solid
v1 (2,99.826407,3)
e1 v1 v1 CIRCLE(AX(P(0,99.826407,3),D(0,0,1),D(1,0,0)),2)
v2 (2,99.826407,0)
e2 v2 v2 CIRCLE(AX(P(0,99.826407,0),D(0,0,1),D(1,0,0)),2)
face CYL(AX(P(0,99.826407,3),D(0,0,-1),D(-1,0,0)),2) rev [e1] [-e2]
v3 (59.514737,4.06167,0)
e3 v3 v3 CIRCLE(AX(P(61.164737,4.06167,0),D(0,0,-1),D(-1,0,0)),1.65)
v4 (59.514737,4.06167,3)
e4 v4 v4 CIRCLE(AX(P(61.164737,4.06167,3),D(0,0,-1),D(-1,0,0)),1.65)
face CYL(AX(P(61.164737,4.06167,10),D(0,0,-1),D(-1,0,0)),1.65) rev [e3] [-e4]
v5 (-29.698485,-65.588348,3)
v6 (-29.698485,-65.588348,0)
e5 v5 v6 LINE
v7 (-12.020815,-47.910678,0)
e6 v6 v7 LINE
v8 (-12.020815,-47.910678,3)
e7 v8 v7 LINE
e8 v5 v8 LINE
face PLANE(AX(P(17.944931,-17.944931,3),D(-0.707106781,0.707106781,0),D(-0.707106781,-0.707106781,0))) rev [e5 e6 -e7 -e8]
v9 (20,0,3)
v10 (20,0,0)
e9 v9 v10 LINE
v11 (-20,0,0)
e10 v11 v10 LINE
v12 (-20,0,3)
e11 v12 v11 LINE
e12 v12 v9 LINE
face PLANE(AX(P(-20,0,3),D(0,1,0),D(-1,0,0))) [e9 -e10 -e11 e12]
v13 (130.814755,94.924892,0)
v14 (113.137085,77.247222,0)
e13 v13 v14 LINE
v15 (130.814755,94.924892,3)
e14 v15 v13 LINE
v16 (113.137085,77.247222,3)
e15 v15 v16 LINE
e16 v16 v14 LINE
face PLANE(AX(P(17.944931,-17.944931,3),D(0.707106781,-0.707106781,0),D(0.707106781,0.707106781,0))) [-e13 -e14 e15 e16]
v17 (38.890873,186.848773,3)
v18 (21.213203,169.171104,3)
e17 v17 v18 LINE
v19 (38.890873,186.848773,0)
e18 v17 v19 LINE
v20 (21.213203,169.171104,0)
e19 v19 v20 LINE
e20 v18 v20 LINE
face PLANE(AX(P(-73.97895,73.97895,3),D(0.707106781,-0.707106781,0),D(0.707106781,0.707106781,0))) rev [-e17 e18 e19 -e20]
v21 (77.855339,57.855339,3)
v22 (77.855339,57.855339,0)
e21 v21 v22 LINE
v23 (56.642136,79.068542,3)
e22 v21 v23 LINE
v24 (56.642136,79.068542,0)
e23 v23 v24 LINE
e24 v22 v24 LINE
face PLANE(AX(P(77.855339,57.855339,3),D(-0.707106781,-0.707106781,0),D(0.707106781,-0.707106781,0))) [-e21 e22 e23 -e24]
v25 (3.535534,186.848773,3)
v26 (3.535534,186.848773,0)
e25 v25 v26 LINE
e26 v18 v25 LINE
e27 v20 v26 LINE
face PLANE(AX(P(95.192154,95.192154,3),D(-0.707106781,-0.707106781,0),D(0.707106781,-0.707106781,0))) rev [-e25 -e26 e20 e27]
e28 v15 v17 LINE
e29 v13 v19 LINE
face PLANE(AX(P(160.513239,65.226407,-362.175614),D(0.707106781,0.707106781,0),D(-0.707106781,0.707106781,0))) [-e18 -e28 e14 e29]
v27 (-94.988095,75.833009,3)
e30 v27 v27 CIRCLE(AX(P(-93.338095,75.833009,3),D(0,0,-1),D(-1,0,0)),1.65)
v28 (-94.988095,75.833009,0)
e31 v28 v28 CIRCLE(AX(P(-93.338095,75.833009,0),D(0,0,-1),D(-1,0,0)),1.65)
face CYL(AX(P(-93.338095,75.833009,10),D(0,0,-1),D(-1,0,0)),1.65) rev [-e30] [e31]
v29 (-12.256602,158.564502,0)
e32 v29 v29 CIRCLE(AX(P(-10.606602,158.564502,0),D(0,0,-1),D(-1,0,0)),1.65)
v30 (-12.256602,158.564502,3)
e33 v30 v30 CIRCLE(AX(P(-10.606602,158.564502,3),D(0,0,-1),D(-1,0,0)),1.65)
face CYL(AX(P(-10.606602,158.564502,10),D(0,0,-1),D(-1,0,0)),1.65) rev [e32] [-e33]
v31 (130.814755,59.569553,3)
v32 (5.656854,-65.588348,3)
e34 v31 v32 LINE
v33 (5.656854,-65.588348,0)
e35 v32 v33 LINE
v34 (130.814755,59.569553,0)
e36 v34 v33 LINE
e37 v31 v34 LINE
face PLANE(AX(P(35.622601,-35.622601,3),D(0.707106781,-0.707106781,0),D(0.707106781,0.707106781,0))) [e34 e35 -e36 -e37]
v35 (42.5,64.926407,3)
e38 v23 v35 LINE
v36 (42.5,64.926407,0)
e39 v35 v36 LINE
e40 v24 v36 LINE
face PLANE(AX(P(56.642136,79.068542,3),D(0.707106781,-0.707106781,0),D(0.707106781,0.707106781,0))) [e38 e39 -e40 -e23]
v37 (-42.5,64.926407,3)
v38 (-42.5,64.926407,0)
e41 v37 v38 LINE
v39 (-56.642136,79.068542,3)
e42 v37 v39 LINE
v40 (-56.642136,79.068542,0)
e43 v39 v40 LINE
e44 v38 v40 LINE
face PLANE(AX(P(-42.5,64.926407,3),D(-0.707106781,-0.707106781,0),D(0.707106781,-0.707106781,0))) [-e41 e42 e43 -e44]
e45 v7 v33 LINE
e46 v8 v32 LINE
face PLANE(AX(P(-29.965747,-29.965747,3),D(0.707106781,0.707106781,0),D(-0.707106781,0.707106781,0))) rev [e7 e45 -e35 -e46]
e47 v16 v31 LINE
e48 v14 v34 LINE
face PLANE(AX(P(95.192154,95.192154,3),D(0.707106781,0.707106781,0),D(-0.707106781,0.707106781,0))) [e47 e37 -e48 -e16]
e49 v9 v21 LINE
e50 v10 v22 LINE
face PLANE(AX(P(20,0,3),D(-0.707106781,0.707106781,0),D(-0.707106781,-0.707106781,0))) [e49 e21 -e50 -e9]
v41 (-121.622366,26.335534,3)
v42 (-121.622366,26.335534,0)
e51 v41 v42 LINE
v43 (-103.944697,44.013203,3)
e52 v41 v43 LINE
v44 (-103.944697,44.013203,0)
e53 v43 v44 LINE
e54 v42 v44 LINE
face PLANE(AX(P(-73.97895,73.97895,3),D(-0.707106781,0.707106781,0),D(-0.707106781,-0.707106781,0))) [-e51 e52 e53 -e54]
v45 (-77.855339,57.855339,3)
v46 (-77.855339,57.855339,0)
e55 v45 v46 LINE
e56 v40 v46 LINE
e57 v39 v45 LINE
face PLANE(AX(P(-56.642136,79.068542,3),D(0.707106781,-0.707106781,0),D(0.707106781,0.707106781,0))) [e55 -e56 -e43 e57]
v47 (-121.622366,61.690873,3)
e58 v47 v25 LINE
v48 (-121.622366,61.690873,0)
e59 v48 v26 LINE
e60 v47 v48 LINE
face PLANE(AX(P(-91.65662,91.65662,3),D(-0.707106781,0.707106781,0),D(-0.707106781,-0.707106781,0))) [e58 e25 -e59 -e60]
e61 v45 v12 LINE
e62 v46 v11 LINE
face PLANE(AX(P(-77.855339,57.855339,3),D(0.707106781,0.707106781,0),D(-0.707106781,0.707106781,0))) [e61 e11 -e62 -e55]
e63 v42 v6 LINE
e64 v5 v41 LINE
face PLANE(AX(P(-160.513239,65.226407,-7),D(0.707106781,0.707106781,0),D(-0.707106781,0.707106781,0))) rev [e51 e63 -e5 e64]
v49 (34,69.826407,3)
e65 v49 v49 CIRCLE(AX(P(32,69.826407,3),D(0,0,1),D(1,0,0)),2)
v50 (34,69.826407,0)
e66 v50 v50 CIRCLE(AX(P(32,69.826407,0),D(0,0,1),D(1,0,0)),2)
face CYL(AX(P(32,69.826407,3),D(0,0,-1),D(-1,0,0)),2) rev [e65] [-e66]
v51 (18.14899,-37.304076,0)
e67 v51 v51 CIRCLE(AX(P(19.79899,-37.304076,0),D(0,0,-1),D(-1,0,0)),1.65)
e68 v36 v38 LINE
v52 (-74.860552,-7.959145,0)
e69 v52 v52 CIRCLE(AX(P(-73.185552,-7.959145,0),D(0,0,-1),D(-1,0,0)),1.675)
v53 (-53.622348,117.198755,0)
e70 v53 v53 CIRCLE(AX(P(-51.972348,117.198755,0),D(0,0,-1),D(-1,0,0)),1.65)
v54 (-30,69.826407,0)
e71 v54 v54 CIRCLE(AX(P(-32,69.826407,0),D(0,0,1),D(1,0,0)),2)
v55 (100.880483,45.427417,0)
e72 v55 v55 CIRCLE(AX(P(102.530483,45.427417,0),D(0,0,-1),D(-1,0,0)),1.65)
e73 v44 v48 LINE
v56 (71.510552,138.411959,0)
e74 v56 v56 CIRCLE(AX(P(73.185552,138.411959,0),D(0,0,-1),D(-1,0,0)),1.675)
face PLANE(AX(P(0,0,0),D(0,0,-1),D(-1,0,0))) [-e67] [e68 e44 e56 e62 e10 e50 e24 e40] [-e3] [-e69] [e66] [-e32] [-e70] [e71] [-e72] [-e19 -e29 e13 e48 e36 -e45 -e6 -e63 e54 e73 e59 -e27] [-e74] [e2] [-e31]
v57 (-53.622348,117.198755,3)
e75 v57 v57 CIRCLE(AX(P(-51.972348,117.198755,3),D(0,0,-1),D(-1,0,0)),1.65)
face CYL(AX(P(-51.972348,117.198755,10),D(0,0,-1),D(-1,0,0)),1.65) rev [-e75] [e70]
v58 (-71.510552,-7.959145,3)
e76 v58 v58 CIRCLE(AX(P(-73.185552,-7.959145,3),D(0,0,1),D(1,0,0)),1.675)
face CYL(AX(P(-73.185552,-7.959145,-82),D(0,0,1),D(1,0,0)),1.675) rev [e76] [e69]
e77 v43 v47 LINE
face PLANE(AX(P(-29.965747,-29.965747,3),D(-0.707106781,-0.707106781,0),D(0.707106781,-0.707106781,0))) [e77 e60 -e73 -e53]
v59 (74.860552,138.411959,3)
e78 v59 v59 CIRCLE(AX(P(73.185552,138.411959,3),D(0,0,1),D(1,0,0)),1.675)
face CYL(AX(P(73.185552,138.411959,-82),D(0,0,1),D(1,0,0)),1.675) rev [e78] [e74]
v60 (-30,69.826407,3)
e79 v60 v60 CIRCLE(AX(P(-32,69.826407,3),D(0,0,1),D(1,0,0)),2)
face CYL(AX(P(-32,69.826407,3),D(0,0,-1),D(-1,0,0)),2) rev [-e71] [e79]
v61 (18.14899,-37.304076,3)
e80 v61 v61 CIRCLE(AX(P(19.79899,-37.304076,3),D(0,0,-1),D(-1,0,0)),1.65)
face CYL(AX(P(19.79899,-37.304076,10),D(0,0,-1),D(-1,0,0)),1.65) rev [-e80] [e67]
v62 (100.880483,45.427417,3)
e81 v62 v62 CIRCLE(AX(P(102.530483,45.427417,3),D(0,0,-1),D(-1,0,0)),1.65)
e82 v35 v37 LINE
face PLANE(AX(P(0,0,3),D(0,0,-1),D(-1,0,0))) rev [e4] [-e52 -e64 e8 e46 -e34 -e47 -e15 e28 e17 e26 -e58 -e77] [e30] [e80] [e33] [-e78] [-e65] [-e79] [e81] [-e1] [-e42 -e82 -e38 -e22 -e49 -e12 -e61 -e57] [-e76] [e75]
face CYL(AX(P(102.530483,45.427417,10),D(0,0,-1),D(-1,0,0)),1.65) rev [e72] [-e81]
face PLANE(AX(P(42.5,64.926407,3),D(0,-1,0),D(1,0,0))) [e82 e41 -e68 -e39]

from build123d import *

# Parameters (mm, degrees)
SKETCH_1_R          = 2
EXTRUDE_1_DEPTH     = 3
CUT_EXTRUDE_2_DEPTH = 10
EXTRUDE_2_DEPTH     = 3
SKETCH_6_R          = 1.675
SKETCH_6_R_2        = 1.625
CUT_EXTRUDE_3_DEPTH = 85
SKETCH_7_R          = 1.675
SKETCH_7_R_2        = 1.625
CUT_EXTRUDE_4_DEPTH = 278.005212707
SKETCH_8_R          = 1.65
CUT_EXTRUDE_5_DEPTH = 10


with BuildPart() as part:
    # 草图1 → 凸台-拉伸1 (new body)
    with BuildSketch(Plane.XY):
        Polygon((-160.513239329, 50.913203436), (0, 211.426442765), (160.513239329, 50.913203436), (0, -109.600035894), align=None)
        with Locations((-32, 69.826406871)):
            Circle(SKETCH_1_R, mode=Mode.SUBTRACT)
        with Locations((32, 69.826406871)):
            Circle(SKETCH_1_R, mode=Mode.SUBTRACT)
        with Locations((0, 99.826406871)):
            Circle(SKETCH_1_R, mode=Mode.SUBTRACT)
        Polygon((-20, 0), (20, 0), (77.855339059, 57.855339059), (56.642135624, 79.068542495), (42.5, 64.926406871), (-42.5, 64.926406871), (-56.642135624, 79.068542495), (-77.855339059, 57.855339059), align=None, mode=Mode.SUBTRACT)
    extrude(amount=EXTRUDE_1_DEPTH)

    # 草图4 → 切除-拉伸2 (cut)
    with BuildSketch(Plane.XY.offset(3)):
        Polygon((-160.51323933, 65.226406871), (-160.513239329, 50.913203436), (0, -109.600035894), (160.513239329, 50.913203436), (160.513239329, 65.226406871), (-1e-09, -95.286832458), align=None)
    extrude(amount=-CUT_EXTRUDE_2_DEPTH, mode=Mode.SUBTRACT)

    # 草图5 → 凸台-拉伸2 (add)
    with BuildSketch(Plane.XY.offset(3)):
        Polygon((-1e-09, 225.739646201), (-160.51323933, 65.226406871), (-153.356637612, 58.069805153), (0, 211.426442765), (153.356637611, 58.069805154), (160.513239329, 65.226406871), align=None)
    extrude(amount=-EXTRUDE_2_DEPTH)

    # 草图6 → 切除-拉伸3 (cut)
    with BuildSketch(Plane.XY.offset(3)):
        with Locations((-1e-09, 211.597510577)):
            Circle(SKETCH_6_R)
        with Locations((73.185551852, 138.411958724)):
            Circle(SKETCH_6_R)
        with Locations((146.371103705, 65.226406871)):
            Circle(SKETCH_6_R)
        with Locations((73.185551852, -7.959144981)):
            Circle(SKETCH_6_R)
        with Locations((-1e-09, -81.144696834)):
            Circle(SKETCH_6_R)
        with Locations((-73.185551853, -7.959144981)):
            Circle(SKETCH_6_R)
        with Locations((-146.371103706, 65.226406871)):
            Circle(SKETCH_6_R)
        with Locations((-45.961940778, 165.6355698)):
            Circle(SKETCH_6_R_2)
    extrude(amount=-CUT_EXTRUDE_3_DEPTH, mode=Mode.SUBTRACT)

    # 草图7 → 切除-拉伸4 (cut, through all)
    # profile 1 of 7: a face of its own
    with BuildSketch(Plane(origin=(0, 0, 0), x_dir=(-1, 0, 0), z_dir=(0, 0, -1))):
        Polygon((-3.535533905, 186.848773236), (-21.213203435, 204.526442765), (-38.890872965, 186.848773236), (-21.213203435, 169.171103706), align=None)
    # profile 2 of 7: a face of its own
    with BuildSketch(Plane(origin=(0, 0, 0), x_dir=(-1, 0, 0), z_dir=(0, 0, -1))):
        Polygon((121.622366365, 26.335533906), (139.300035894, 44.013203436), (121.622366365, 61.690872966), (103.944696835, 44.013203436), align=None)
    # profile 3 of 7: a face of its own
    with BuildSketch(Plane(origin=(0, 0, 0), x_dir=(-1, 0, 0), z_dir=(0, 0, -1))):
        Polygon((160.51323933, 65.226406871), (80.256619665, 145.483026536), (59.04341623, 124.269823101), (121.622366365, 61.690872966), (139.300035894, 44.013203436), align=None)
        with Locations((146.371103706, 65.226406871)):
            Circle(SKETCH_7_R, mode=Mode.SUBTRACT)
    # profile 4 of 7: a face of its own
    with BuildSketch(Plane(origin=(0, 0, 0), x_dir=(-1, 0, 0), z_dir=(0, 0, -1))):
        Polygon((80.256619665, 145.483026536), (1e-09, 225.739646201), (-21.213203435, 204.526442765), (-3.535533905, 186.848773236), (59.04341623, 124.269823101), align=None)
        with Locations((45.961940778, 165.6355698)):
            Circle(SKETCH_7_R_2, mode=Mode.SUBTRACT)
        with Locations((1e-09, 211.597510577)):
            Circle(SKETCH_7_R, mode=Mode.SUBTRACT)
    # profile 5 of 7: a face of its own
    with BuildSketch(Plane(origin=(0, 0, 0), x_dir=(-1, 0, 0), z_dir=(0, 0, -1))):
        Polygon((-113.137084989, 77.247222152), (-130.814754519, 94.924891681), (-148.492424049, 77.247222152), (-130.814754519, 59.569552622), align=None)
    # profile 6 of 7: a face of its own
    with BuildSketch(Plane(origin=(0, 0, 0), x_dir=(-1, 0, 0), z_dir=(0, 0, -1))):
        Polygon((-5.656854249, -65.588347648), (-68.235804384, -3.009397513), (-130.814754519, 59.569552622), (-148.492424049, 77.247222152), (-160.513239329, 65.226406871), (1e-09, -95.286832458), (12.020815281, -83.266017178), align=None)
        with Locations((-73.185551852, -7.959144981)):
            Circle(SKETCH_7_R, mode=Mode.SUBTRACT)
        with Locations((1e-09, -81.144696834)):
            Circle(SKETCH_7_R, mode=Mode.SUBTRACT)
        with Locations((-146.371103705, 65.226406871)):
            Circle(SKETCH_7_R, mode=Mode.SUBTRACT)
    # profile 7 of 7: a face of its own
    with BuildSketch(Plane(origin=(0, 0, 0), x_dir=(-1, 0, 0), z_dir=(0, 0, -1))):
        Polygon((12.020815281, -47.910678118), (-5.656854249, -65.588347648), (12.020815281, -83.266017178), (29.69848481, -65.588347648), align=None)
    extrude(amount=-CUT_EXTRUDE_4_DEPTH, mode=Mode.SUBTRACT)

    # 草图8 → 切除-拉伸5 (cut)
    with BuildSketch(Plane(origin=(0, 0, 0), x_dir=(-1, 0, 0), z_dir=(0, 0, -1))):
        with Locations((10.606601718, 158.564501988)):
            Circle(SKETCH_8_R)
        with Locations((51.972348418, 117.198755289)):
            Circle(SKETCH_8_R)
        with Locations((93.338095117, 75.833008589)):
            Circle(SKETCH_8_R)
        with Locations((-102.530483271, 45.427416998)):
            Circle(SKETCH_8_R)
        with Locations((-61.164736572, 4.061670299)):
            Circle(SKETCH_8_R)
        with Locations((-19.798989873, -37.304076401)):
            Circle(SKETCH_8_R)
    extrude(amount=-CUT_EXTRUDE_5_DEPTH, mode=Mode.SUBTRACT)


solid = part.part
